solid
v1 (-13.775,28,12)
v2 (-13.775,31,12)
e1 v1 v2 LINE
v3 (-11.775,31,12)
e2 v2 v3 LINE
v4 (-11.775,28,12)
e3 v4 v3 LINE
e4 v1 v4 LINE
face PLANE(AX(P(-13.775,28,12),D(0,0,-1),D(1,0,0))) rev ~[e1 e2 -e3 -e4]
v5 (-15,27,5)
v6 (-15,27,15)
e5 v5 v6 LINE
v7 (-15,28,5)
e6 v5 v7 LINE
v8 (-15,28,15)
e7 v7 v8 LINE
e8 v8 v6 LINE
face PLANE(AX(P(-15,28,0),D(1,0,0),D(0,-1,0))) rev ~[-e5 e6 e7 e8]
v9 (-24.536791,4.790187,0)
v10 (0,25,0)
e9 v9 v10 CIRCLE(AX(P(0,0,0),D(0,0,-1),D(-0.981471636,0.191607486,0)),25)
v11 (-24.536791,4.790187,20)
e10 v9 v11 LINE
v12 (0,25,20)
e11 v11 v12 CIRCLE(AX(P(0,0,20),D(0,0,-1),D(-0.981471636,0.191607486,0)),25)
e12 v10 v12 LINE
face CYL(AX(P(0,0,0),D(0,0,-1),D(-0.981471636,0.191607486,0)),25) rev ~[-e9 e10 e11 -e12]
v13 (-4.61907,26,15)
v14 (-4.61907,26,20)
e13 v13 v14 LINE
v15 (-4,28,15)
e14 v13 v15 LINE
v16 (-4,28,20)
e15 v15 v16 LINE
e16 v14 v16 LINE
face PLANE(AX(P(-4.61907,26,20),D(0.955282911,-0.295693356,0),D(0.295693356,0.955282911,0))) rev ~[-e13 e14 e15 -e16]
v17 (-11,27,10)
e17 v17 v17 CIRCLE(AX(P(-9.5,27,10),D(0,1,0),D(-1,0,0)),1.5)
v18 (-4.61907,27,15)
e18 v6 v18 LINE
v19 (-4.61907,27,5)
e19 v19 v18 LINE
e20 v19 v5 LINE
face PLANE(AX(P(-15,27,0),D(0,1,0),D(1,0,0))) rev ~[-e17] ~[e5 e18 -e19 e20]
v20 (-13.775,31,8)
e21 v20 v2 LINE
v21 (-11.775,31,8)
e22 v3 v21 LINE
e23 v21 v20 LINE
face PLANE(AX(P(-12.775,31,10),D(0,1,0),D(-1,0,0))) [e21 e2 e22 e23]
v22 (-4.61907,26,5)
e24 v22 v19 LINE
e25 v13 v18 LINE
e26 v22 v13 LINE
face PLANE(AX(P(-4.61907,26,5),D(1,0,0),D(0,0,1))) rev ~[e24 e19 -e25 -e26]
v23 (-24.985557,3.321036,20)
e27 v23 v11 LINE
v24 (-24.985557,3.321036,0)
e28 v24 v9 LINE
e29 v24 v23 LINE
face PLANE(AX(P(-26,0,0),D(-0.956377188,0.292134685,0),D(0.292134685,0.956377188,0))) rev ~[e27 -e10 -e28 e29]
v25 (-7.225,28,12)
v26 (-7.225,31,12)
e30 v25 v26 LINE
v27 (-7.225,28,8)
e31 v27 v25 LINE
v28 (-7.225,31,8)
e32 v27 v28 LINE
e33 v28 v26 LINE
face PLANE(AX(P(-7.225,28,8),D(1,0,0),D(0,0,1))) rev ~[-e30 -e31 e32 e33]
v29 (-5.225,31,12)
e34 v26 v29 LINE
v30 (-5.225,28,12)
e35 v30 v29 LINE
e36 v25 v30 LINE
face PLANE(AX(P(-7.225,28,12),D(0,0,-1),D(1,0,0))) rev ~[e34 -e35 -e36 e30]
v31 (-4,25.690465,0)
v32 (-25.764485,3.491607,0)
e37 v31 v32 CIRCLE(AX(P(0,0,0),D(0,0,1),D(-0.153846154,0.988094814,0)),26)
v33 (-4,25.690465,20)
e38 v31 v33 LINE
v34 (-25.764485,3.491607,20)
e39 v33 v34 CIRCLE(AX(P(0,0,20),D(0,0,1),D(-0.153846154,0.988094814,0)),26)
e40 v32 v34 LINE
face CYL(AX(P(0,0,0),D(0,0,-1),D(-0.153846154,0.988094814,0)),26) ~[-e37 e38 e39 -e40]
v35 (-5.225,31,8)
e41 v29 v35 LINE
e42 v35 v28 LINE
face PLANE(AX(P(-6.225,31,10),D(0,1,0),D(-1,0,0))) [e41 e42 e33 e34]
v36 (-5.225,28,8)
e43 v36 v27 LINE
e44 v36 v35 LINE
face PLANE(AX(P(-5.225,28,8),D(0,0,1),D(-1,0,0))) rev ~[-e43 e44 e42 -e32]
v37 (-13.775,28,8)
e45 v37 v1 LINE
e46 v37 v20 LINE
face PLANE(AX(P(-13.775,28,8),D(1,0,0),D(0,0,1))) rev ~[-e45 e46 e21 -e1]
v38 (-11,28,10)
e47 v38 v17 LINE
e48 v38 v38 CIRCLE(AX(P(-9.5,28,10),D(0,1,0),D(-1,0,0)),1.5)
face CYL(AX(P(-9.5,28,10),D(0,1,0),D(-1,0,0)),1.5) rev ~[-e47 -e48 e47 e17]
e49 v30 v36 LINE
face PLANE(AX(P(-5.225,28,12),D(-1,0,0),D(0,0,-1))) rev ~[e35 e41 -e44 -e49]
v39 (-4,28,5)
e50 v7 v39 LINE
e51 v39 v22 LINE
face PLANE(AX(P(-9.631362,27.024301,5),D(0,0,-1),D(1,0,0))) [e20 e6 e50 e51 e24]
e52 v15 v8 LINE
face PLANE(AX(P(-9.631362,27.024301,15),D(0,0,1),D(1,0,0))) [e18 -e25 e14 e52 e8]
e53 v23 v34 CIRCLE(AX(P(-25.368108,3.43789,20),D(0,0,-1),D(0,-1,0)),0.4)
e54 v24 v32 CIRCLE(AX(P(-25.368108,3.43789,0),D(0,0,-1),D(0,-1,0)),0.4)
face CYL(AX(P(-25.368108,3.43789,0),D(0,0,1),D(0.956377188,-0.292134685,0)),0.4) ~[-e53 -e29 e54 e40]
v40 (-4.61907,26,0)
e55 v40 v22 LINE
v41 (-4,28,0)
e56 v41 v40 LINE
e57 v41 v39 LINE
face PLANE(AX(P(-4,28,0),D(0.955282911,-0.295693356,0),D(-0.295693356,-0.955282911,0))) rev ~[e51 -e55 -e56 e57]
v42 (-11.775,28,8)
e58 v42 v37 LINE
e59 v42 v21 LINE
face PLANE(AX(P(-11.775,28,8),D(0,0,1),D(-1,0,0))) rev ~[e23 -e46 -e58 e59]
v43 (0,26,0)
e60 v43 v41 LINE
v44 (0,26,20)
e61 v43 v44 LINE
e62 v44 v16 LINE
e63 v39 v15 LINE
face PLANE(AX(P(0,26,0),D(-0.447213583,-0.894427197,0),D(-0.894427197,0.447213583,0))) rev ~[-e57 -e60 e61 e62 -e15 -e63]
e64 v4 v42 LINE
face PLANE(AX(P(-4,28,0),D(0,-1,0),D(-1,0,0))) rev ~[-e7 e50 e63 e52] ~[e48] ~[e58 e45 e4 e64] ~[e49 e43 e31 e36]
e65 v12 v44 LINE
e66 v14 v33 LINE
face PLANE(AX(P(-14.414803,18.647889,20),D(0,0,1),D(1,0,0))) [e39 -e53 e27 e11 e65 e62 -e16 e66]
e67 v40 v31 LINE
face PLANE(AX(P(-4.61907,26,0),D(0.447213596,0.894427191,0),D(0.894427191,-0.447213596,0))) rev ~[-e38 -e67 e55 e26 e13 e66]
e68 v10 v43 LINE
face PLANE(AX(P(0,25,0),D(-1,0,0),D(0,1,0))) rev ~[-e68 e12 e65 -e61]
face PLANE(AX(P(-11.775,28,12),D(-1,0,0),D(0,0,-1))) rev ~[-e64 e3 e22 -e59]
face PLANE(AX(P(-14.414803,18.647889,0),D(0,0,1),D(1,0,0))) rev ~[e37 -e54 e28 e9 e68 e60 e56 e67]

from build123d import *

# Parameters (mm, degrees)
F1_DEPTH  = 20
F3_DEPTH  = 5
F5_DEPTH  = 5
F8_DEPTH  = 3
F9_DEPTH  = 1
F6_R      = 1.5
F10_DEPTH = 1
F11_R     = 0.4


with BuildPart() as f1:
    # F0 (on Top) → F1 (new body)
    with BuildSketch(Plane.XY):
        with BuildLine():
            ThreePointArc((-24.5367908878, 4.7901871498), (-15.894107733, 19.2970811102), (0, 25))
            Line((0, 25), (0, 26))
            Line((0, 26), (-4, 27.9999999299))
            Line((-4, 27.9999999299), (-5.9999998598, 27.9999999299))
            Line((-5.9999998598, 27.9999999299), (-7.9999998598, 27.9999999299))
            Line((-7.9999998598, 27.9999999299), (-15, 27.9999999299))
            Line((-15, 27.9999999299), (-15, 26))
            Line((-15, 26), (-4.6190696853, 26))
            Line((-4.6190696853, 26), (-4, 25.6904651573))
            ThreePointArc((-4, 25.6904651573), (-19.7484176581, 16.9115345253), (-26, 0))
            Line((-26, 0), (-24.5367908878, 4.7901871498))
        make_face()
    extrude(amount=F1_DEPTH)

    # F2 (on face) → F3 (cut)
    with BuildSketch(Plane.XY.offset(20)):
        Polygon((-15, 26), (-4.6190696853, 26), (-4, 27.9999999299), (-15, 27.9999999299), align=None)
    extrude(amount=-F3_DEPTH, mode=Mode.SUBTRACT)

    # F4 (on face) → F5 (cut)
    with BuildSketch(Plane(origin=(0, 0, 0), x_dir=(1, 0, 0), z_dir=(0, 0, -1))):
        Polygon((-4, -27.9999999299), (-4.6190696853, -26), (-15, -26), (-15, -27.9999999299), align=None)
    extrude(amount=-F5_DEPTH, mode=Mode.SUBTRACT)

    # F7 (on face) → F8 (join)
    with BuildSketch(Plane(origin=(0, 27.9999999299, 0), x_dir=(-1, 0, 0), z_dir=(0, 1, 0))):
        Polygon((11.775, 12), (11.775, 10), (11.775, 8), (13.775, 8), (13.775, 12), align=None)
        Polygon((7.225, 10), (7.225, 12), (5.225, 12), (5.225, 8), (7.225, 8), align=None)
    extrude(amount=F8_DEPTH)

    # F9 (cut): a face of the model
    f9_faces = [f1.faces().sort_by_distance(p)[0] for p in [
        (-9.8095348427, 26, 10),
    ]]
    extrude(f9_faces, amount=-F9_DEPTH, mode=Mode.SUBTRACT)

    # F6 (on face) → F10 (cut)
    with BuildSketch(Plane(origin=(0, 27.9999999299, 0), x_dir=(-1, 0, 0), z_dir=(0, 1, 0))):
        with Locations((9.5, 10)):
            Circle(F6_R)
    extrude(amount=-F10_DEPTH, mode=Mode.SUBTRACT)

    # F11
    f11_edges = [f1.edges().sort_by_distance(p)[0] for p in [
        (-26, 0, 10),
    ]]
    fillet(f11_edges, radius=F11_R)


solid = f1.part
